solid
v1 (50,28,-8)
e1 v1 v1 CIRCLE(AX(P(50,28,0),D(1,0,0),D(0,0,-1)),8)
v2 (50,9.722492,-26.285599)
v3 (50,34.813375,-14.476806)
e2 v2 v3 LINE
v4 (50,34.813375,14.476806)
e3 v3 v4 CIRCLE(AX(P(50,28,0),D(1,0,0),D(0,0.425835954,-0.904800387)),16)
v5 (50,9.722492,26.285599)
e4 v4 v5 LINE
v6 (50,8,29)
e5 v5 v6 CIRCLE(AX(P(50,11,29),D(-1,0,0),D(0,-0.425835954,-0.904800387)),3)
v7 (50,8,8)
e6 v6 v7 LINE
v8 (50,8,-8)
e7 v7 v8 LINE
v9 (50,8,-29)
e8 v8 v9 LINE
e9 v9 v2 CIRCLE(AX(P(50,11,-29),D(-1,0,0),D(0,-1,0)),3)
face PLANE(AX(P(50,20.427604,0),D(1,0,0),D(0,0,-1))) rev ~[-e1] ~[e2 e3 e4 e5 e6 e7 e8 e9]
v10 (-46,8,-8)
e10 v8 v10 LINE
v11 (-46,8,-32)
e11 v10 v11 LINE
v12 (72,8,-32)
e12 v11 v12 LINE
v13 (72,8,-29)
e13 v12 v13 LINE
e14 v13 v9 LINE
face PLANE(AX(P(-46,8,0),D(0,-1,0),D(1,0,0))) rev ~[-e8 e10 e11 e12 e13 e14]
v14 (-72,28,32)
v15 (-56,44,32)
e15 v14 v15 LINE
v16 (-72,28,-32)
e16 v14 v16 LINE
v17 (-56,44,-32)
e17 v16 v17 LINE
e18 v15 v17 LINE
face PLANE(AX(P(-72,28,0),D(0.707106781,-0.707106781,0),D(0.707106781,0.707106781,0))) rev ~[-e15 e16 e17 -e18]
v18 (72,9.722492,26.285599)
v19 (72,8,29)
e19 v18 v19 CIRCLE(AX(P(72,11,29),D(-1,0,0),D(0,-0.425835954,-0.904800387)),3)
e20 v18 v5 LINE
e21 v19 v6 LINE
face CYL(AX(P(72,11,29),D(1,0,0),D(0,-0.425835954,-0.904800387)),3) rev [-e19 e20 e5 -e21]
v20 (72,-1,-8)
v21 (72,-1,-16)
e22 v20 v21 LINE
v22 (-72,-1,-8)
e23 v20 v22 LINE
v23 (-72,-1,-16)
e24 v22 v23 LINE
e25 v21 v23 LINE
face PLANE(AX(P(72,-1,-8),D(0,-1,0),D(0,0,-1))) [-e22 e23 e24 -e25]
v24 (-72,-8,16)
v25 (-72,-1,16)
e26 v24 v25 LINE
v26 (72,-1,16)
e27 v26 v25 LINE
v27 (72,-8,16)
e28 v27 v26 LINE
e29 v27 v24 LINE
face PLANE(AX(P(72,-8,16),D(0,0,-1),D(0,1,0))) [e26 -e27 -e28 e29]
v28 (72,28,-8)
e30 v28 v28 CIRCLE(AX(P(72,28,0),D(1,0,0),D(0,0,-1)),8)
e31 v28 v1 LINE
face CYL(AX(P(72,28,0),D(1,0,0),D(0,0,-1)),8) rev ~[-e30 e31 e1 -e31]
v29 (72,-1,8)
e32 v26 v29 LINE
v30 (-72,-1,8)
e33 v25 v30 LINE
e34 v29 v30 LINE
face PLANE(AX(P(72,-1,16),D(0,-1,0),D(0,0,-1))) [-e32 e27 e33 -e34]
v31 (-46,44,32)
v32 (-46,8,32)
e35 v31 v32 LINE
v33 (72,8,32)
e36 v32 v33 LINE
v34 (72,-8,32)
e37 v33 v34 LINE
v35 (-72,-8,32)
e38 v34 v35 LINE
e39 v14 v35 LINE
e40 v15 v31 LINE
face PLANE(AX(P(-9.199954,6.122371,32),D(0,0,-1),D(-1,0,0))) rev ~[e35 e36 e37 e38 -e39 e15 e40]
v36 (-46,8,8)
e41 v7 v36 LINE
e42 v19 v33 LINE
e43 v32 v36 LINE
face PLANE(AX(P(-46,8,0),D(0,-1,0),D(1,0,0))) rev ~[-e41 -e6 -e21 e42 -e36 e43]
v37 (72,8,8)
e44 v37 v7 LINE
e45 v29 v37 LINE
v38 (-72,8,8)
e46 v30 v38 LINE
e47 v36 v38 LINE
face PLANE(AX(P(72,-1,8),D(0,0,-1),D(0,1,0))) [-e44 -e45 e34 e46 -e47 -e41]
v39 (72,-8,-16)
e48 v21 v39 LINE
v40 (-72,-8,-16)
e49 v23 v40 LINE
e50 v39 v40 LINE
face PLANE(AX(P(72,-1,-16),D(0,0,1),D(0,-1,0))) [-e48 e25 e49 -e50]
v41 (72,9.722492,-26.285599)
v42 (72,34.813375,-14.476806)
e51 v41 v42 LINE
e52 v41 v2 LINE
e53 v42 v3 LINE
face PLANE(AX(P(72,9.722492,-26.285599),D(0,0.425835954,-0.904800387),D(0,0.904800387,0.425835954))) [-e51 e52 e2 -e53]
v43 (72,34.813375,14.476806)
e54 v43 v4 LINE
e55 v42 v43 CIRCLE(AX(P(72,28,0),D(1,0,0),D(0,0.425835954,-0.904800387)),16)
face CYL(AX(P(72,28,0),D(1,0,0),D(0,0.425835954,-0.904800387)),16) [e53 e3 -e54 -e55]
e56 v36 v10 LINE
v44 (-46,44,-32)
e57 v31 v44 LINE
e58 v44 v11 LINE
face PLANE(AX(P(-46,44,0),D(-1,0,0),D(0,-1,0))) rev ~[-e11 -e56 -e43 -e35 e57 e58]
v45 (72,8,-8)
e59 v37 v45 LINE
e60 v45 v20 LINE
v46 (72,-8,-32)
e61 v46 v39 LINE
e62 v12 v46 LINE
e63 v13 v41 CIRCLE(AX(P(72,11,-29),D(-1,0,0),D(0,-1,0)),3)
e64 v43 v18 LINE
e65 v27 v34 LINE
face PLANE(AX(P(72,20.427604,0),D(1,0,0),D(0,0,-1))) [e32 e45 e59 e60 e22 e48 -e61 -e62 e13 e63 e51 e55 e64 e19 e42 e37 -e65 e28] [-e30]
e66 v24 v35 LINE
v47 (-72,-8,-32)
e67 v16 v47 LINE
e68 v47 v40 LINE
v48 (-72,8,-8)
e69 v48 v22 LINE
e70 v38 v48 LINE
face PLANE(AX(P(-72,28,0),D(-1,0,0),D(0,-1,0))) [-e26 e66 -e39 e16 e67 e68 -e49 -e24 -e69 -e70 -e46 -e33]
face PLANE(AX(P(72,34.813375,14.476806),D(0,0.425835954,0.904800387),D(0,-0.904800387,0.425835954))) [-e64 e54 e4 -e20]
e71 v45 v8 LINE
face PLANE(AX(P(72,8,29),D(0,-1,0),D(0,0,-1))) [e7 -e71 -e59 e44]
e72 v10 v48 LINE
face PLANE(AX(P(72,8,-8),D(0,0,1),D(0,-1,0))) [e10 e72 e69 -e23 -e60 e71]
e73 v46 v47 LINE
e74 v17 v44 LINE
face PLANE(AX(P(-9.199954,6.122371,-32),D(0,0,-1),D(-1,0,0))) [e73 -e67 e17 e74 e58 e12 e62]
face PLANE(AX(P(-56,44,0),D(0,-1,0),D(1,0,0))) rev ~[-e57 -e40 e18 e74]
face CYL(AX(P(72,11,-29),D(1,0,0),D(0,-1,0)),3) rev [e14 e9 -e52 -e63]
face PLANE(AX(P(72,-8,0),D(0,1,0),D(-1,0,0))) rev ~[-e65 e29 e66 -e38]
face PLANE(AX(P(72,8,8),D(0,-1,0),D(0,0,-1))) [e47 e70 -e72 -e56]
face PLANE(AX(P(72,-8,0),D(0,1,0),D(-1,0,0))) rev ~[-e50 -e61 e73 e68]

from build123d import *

# Parameters (mm, degrees)
BOSS_EXTRUDE1_DEPTH = 32
CUT_EXTRUDE1_REACH  = 146
SKETCH4_R           = 8
BOSS_EXTRUDE3_DEPTH = 22


with BuildPart() as part:
    # Sketch1 → Boss-Extrude1 (new body, symmetric)
    with BuildSketch(Plane.XY):
        Polygon((-72, 8), (-72, 28), (-56, 44), (-46, 44), (-46, 8), (72, 8), (72, -8), (-72, -8), align=None)
    extrude(amount=BOSS_EXTRUDE1_DEPTH, both=True)

    # Sketch2 → Cut-Extrude1 (cut, up to next)
    with BuildSketch(Plane(origin=(72, 0, 0), x_dir=(0, 0, -1), z_dir=(1, 0, 0)), mode=Mode.PRIVATE) as cut_extrude1_sk1:
        Polygon((-16, -8), (-16, -1), (-8, -1), (-8, 8), (8, 8), (8, -1), (16, -1), (16, -8), align=None)
    cut_extrude1_tool1 = extrude(cut_extrude1_sk1.sketch, amount=-CUT_EXTRUDE1_REACH, mode=Mode.PRIVATE) & part.part
    add(cut_extrude1_tool1.solids().sort_by_distance((72, -1.369565, 0))[0], mode=Mode.SUBTRACT)

    # Sketch4 → Boss-Extrude3 (add)
    with BuildSketch(Plane(origin=(72, 0, 0), x_dir=(0, 0, -1), z_dir=(1, 0, 0))):
        with BuildLine():
            Line((-14.476806191, 34.813375266), (-26.285598839, 9.722492138))
            ThreePointArc((-26.285598839, 9.722492138), (-27.392598928, 8.466965892), (-29, 8))
            Line((-29, 8), (29, 8))
            ThreePointArc((29, 8), (27.392598928, 8.466965892), (26.285598839, 9.722492138))
            Line((26.285598839, 9.722492138), (14.476806191, 34.813375266))
            ThreePointArc((14.476806191, 34.813375266), (0, 44), (-14.476806191, 34.813375266))
        make_face()
        with Locations((0, 28)):
            Circle(SKETCH4_R, mode=Mode.SUBTRACT)
    extrude(amount=-BOSS_EXTRUDE3_DEPTH)


solid = part.part
